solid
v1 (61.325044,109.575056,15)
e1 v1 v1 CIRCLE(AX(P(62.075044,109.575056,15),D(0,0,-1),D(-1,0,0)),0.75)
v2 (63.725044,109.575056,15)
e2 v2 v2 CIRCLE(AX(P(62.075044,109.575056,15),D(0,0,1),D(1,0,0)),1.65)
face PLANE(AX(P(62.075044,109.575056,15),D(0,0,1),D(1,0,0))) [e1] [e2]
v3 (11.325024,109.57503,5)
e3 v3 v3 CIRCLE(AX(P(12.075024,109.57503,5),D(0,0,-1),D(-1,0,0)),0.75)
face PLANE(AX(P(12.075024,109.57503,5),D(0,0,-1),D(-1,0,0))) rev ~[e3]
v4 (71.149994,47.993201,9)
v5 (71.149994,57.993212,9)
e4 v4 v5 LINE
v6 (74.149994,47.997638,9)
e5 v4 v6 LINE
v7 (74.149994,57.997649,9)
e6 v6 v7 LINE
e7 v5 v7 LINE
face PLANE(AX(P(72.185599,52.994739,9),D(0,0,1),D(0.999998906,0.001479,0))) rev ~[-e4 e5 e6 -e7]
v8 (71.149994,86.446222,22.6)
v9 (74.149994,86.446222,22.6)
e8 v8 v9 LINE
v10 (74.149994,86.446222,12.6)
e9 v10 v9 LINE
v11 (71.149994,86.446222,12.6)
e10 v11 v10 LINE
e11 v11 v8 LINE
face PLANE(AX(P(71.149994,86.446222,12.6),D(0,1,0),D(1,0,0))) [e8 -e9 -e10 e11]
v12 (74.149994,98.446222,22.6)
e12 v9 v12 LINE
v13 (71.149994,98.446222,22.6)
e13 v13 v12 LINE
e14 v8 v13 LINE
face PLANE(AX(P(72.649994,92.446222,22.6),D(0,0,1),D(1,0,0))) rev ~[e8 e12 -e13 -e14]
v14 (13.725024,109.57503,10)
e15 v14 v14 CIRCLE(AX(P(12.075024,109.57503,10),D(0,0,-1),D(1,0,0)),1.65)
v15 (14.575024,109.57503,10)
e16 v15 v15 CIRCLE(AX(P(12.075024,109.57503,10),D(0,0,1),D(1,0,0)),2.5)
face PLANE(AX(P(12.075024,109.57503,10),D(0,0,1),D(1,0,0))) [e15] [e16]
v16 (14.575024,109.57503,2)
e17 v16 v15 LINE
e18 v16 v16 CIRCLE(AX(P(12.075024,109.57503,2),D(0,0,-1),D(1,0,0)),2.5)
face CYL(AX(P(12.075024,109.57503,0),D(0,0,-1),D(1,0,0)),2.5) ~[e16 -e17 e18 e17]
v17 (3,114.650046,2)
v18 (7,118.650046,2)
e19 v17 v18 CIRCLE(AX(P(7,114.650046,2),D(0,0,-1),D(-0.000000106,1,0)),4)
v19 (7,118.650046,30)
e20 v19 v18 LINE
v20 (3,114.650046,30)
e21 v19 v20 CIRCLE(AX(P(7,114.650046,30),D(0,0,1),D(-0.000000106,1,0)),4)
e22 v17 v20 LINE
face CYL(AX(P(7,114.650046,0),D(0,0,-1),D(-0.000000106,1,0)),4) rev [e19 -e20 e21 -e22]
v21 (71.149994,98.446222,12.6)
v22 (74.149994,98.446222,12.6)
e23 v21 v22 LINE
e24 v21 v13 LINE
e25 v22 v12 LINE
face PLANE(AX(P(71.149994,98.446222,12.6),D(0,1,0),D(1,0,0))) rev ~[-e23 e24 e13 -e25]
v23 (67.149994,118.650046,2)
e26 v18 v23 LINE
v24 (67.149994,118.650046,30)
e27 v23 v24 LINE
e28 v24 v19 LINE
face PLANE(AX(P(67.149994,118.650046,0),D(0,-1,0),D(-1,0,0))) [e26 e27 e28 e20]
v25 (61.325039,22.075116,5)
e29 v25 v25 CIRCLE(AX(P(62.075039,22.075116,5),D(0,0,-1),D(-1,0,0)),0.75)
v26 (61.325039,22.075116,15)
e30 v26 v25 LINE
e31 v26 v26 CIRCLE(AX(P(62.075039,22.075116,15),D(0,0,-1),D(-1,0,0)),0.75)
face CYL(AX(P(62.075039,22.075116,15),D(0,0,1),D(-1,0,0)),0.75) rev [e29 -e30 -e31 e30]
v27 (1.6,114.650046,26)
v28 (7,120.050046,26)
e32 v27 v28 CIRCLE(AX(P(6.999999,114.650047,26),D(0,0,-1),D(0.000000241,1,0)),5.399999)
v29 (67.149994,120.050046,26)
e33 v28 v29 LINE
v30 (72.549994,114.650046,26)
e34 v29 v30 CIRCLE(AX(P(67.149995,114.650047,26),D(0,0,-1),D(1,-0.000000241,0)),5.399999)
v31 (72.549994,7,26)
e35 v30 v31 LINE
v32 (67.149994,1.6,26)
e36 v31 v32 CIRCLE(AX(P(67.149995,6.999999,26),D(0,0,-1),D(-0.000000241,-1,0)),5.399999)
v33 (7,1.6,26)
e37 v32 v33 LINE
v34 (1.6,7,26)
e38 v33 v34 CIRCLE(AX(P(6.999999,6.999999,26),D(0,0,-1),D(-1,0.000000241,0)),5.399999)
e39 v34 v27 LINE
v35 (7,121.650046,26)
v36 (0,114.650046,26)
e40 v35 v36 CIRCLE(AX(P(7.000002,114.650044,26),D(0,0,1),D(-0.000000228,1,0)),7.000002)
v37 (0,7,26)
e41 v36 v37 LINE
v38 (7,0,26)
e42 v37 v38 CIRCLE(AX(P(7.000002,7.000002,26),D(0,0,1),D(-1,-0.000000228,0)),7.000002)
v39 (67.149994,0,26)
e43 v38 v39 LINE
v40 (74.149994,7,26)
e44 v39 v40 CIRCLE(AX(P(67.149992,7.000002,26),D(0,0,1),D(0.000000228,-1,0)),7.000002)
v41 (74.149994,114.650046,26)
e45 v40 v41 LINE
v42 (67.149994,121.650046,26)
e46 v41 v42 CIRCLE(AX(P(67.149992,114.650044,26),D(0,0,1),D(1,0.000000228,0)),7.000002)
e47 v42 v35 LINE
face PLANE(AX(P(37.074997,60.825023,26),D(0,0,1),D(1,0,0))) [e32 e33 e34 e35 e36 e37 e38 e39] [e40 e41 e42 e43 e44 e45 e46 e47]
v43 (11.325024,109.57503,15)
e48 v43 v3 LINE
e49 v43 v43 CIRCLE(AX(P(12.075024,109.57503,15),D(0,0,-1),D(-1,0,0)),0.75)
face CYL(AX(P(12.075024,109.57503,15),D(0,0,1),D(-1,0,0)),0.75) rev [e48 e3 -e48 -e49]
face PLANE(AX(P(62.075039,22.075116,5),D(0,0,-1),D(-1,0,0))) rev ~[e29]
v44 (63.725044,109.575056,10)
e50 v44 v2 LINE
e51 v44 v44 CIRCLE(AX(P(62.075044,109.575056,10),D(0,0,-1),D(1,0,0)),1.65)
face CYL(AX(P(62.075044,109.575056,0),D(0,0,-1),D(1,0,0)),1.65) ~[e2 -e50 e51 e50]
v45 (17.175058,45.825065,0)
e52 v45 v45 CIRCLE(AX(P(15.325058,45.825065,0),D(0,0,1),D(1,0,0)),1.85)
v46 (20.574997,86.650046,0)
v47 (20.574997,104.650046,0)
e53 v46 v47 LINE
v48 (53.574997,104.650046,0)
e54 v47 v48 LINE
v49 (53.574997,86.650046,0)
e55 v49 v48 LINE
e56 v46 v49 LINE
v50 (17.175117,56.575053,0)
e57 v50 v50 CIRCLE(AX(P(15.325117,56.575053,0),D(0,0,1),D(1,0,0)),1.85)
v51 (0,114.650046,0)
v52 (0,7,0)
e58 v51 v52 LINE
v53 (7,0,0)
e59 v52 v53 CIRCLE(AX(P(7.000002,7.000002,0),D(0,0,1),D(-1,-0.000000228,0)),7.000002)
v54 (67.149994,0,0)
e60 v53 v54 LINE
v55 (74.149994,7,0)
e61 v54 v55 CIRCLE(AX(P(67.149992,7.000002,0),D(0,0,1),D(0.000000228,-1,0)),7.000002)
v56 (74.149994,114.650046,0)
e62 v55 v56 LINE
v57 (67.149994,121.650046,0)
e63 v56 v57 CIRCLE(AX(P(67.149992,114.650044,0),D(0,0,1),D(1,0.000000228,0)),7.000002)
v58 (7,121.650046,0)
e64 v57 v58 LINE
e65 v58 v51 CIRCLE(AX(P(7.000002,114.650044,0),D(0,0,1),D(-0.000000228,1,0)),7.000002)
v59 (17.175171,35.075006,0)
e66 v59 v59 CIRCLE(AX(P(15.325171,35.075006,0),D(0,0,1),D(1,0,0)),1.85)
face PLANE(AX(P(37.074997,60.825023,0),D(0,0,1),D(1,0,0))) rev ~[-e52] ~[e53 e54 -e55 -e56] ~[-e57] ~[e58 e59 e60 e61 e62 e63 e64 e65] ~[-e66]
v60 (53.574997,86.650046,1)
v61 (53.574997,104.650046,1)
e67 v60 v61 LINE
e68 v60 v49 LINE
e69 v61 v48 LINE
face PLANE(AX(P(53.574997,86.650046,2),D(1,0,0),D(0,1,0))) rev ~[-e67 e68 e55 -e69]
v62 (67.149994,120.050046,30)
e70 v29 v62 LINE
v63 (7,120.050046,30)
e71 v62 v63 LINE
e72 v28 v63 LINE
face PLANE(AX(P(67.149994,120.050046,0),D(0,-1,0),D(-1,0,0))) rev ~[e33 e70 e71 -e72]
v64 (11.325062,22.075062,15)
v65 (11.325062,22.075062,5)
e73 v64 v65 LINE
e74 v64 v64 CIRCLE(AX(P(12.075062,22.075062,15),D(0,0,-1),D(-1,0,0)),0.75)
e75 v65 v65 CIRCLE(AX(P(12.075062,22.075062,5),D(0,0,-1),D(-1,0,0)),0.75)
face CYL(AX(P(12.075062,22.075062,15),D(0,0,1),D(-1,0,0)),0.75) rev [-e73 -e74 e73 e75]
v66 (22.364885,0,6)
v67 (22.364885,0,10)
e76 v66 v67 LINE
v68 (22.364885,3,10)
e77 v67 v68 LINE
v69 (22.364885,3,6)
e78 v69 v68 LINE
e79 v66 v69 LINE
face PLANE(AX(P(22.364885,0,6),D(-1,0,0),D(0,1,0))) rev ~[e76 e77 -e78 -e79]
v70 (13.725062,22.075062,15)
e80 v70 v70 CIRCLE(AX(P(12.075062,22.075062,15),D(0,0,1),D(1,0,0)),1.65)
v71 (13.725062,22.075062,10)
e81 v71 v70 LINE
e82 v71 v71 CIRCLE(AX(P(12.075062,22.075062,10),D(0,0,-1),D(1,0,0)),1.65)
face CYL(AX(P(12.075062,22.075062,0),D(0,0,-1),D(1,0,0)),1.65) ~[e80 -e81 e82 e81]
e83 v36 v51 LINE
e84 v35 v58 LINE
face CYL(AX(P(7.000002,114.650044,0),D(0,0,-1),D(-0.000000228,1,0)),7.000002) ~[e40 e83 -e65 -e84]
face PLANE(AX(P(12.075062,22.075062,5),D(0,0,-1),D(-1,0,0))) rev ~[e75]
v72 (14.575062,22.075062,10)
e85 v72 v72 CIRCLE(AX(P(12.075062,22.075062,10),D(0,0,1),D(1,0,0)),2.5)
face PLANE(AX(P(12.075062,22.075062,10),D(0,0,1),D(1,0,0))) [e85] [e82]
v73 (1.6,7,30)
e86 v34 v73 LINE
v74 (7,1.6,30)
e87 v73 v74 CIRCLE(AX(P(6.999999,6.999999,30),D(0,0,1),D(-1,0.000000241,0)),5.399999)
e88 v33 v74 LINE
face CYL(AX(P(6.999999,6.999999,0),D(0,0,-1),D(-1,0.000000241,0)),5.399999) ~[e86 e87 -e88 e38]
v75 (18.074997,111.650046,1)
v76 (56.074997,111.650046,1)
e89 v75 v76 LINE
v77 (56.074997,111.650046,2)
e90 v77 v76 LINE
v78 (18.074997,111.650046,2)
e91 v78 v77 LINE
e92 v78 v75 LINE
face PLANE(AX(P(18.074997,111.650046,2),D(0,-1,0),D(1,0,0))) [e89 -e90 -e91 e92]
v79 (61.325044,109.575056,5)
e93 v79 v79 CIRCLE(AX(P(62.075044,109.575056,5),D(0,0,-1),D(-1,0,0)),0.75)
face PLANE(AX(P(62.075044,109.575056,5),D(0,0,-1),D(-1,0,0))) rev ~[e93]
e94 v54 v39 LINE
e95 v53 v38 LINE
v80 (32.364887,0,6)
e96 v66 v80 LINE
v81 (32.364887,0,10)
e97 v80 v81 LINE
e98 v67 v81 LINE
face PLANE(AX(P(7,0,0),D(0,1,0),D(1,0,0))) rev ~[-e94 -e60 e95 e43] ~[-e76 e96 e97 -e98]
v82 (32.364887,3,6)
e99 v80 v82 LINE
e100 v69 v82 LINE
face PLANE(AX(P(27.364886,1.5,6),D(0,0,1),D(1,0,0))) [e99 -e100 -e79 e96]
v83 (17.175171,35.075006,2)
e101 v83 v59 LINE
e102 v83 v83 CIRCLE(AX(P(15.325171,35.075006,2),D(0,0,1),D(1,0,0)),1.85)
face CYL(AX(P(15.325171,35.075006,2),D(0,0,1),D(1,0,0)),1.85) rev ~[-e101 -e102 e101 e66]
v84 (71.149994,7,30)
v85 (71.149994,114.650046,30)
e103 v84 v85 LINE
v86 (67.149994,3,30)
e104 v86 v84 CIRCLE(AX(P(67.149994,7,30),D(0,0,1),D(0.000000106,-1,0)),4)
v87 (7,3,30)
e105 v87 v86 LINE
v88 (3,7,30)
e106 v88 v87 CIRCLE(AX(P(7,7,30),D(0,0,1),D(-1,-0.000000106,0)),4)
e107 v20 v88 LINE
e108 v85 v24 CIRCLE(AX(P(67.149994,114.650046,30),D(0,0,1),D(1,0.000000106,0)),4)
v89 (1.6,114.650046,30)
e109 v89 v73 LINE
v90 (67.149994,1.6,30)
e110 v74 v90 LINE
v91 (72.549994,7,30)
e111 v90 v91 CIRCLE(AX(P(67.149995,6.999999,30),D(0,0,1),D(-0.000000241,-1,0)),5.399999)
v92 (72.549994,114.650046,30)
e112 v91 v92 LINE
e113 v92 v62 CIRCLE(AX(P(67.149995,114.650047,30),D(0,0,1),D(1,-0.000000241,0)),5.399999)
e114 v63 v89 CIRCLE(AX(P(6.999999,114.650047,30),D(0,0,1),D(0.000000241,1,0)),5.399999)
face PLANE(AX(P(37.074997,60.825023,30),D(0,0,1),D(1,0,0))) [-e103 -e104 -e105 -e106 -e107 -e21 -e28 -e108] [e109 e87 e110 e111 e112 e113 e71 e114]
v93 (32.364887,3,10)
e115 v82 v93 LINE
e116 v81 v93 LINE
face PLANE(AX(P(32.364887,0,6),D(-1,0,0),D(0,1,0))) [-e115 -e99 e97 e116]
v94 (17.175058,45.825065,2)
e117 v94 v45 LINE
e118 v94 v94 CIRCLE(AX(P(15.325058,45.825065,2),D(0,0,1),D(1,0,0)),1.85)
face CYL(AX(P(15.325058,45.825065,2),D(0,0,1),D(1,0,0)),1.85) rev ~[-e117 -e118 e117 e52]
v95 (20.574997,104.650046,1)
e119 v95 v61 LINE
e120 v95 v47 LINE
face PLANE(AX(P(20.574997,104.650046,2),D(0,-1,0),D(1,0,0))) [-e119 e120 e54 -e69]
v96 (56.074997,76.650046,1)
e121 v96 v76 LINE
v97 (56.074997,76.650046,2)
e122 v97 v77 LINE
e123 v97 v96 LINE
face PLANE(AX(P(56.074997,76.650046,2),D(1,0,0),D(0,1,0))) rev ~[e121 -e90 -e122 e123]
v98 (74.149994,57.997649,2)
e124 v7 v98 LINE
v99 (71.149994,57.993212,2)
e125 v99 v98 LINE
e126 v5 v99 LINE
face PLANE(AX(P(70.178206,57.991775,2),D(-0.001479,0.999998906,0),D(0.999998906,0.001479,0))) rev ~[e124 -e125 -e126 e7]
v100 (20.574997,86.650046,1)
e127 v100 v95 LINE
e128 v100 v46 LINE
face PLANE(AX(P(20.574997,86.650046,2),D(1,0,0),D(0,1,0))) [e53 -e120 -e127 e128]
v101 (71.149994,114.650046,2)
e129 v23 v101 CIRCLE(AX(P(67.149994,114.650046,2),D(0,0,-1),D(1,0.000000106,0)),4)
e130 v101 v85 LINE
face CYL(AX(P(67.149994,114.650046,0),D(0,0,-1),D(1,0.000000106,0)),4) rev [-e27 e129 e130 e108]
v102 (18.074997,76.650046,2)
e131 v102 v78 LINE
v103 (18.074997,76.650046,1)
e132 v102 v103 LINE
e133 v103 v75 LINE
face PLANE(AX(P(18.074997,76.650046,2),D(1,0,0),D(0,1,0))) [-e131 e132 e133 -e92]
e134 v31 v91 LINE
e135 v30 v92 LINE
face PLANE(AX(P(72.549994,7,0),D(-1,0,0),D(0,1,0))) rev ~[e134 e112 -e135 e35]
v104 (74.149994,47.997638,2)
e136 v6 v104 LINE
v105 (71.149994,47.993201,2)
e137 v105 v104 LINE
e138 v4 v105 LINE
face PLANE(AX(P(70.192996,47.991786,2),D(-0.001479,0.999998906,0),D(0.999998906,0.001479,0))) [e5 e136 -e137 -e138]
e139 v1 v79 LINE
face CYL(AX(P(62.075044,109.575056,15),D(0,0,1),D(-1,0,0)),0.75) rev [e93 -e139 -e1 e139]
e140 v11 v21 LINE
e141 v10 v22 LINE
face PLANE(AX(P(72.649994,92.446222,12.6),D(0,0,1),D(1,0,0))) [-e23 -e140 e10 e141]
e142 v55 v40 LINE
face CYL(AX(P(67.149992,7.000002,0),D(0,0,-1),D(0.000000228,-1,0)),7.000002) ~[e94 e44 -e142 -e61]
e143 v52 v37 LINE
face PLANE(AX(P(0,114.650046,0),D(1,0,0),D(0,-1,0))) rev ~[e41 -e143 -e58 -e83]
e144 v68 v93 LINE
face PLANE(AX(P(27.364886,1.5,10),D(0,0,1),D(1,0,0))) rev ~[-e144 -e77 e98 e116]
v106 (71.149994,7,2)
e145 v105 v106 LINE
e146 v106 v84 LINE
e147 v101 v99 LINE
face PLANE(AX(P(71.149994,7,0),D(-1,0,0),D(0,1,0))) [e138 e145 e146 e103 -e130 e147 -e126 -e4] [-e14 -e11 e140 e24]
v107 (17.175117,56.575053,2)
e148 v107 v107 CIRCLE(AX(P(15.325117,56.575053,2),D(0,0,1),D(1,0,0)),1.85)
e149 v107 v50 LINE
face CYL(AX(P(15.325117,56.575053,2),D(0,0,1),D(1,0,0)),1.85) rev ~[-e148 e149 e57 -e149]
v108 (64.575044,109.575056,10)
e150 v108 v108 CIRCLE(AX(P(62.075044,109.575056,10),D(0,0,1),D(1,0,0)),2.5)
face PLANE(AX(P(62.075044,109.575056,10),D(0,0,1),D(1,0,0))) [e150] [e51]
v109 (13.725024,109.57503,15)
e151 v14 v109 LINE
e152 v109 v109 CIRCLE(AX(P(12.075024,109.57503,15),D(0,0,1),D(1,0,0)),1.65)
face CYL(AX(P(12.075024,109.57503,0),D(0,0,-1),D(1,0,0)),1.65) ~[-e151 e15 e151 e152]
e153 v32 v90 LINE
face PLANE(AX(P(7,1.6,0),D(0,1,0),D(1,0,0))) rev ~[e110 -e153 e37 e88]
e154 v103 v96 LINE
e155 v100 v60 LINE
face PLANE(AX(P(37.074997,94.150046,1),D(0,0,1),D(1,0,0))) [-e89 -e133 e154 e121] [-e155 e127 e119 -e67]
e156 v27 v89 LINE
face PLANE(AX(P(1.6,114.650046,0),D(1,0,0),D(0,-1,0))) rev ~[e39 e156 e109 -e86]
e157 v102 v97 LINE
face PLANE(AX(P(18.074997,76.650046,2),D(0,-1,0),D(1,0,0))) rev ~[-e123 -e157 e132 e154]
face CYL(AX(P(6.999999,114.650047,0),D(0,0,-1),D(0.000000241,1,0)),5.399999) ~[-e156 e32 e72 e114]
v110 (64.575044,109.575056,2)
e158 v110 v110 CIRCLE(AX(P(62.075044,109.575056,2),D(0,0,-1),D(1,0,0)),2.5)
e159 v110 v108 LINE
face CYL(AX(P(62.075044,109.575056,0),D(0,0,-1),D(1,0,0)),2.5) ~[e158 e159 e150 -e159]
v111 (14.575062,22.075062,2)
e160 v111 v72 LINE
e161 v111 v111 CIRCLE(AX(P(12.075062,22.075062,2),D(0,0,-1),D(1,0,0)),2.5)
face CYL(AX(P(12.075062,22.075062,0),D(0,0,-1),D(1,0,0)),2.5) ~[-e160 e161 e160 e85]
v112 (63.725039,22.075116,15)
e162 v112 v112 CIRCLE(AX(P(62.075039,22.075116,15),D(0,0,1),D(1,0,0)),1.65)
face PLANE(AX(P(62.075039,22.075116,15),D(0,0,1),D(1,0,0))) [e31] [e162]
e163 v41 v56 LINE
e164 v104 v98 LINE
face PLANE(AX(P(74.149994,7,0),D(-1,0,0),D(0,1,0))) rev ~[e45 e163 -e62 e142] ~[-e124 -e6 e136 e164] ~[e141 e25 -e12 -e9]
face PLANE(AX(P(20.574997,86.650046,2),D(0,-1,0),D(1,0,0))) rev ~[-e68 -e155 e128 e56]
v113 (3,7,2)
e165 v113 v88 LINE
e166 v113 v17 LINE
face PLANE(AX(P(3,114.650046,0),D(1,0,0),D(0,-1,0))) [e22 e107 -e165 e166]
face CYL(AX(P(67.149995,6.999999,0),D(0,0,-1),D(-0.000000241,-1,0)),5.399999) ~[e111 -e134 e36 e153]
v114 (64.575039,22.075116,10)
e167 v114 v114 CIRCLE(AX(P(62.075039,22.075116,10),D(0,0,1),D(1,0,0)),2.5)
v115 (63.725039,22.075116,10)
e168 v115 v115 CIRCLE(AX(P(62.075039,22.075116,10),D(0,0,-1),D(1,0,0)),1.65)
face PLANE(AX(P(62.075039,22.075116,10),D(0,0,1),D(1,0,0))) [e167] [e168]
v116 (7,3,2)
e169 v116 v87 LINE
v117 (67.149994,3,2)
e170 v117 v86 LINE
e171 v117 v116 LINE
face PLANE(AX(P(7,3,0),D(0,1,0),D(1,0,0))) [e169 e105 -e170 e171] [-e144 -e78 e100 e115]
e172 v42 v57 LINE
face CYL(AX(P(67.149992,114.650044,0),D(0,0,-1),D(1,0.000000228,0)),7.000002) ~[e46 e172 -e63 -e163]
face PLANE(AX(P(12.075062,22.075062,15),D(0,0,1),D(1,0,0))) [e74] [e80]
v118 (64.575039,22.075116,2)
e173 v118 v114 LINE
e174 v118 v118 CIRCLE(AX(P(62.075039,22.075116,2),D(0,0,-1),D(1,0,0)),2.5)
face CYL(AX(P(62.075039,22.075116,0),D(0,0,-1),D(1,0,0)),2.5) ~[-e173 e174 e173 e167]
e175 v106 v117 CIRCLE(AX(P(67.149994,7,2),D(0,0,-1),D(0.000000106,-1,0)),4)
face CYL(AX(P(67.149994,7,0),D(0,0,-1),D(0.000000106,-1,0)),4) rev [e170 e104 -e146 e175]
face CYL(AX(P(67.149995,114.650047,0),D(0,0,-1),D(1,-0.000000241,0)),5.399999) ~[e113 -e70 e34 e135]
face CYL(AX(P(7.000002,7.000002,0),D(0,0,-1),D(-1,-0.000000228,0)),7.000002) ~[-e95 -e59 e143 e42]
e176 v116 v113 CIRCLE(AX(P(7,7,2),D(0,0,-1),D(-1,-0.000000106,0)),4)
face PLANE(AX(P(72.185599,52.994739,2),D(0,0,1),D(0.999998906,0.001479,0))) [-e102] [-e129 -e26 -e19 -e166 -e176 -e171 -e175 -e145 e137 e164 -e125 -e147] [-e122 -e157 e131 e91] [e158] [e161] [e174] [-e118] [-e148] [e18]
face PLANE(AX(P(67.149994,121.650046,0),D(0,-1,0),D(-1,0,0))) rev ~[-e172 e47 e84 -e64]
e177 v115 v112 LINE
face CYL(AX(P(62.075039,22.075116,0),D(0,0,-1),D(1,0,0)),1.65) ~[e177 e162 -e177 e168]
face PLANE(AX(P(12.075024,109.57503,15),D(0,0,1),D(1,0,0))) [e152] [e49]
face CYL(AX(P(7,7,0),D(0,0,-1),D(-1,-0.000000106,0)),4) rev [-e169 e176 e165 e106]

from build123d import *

# Parameters (mm, degrees)
PAD_DEPTH         = 2
SKETCH004_W       = 38
SKETCH004_H       = 35
POCKET_DEPTH      = 1
SKETCH003_W       = 33
SKETCH003_H       = 18
POCKET001_DEPTH   = 2
SKETCH005_R       = 1.85
POCKET002_DEPTH   = 2
SKETCH006_R       = 2.5
PAD001_DEPTH      = 10
SKETCH007_R       = 1.65
PAD002_DEPTH      = 15
PAD003_DEPTH      = 26
PAD004_DEPTH      = 30
CYLINDER_R        = 0.75
CYLINDER_DEPTH    = 10
CYLINDER001_R     = 0.75
CYLINDER001_DEPTH = 10
CYLINDER002_R     = 0.75
CYLINDER002_DEPTH = 10
CYLINDER003_R     = 0.75
CYLINDER003_DEPTH = 10
SKETCH008_W       = 3
SKETCH008_H       = 12
POCKET003_DEPTH   = 10
BOX_W             = 4
BOX_H             = 10
BOX_DEPTH         = 7
SKETCH009_W       = 10.000002
SKETCH009_H       = 3
POCKET004_DEPTH   = 4


with BuildPart() as part:
    # Sketch → Pad (new body)
    with BuildSketch(Plane.XY):
        with BuildLine():
            Line((0, 114.650046), (0, 7))
            ThreePointArc((0, 7), (2.050253, 2.050253), (7, 0))
            Line((7, 0), (67.149994, 0))
            ThreePointArc((67.149994, 0), (72.099741, 2.050253), (74.149994, 7))
            Line((74.149994, 7), (74.149994, 114.650046))
            ThreePointArc((74.149994, 114.650046), (72.099741, 119.599793), (67.149994, 121.650046))
            Line((67.149994, 121.650046), (7, 121.650046))
            ThreePointArc((7, 121.650046), (2.050253, 119.599793), (0, 114.650046))
        make_face()
    extrude(amount=PAD_DEPTH)

    # Sketch004 → Pocket (cut)
    with BuildSketch(Plane.XY.offset(2)):
        with Locations((37.074997, 94.150046)):
            Rectangle(SKETCH004_W, SKETCH004_H)
    extrude(amount=-POCKET_DEPTH, mode=Mode.SUBTRACT)

    # Sketch003 → Pocket001 (cut)
    with BuildSketch(Plane.XY.offset(2)):
        with Locations((37.074997, 95.650046)):
            Rectangle(SKETCH003_W, SKETCH003_H)
    extrude(amount=-POCKET001_DEPTH, mode=Mode.SUBTRACT)

    # Sketch005 → Pocket002 (cut)
    with BuildSketch(Plane.XY.offset(2)):
        with Locations((15.325171, 35.075006)):
            Circle(SKETCH005_R)
        with Locations((15.325058, 45.825065)):
            Circle(SKETCH005_R)
        with Locations((15.325117, 56.575053)):
            Circle(SKETCH005_R)
    extrude(amount=-POCKET002_DEPTH, mode=Mode.SUBTRACT)

    # Sketch006 → Pad001 (join)
    with BuildSketch(Plane.XY):
        with Locations((62.075039, 22.075116)):
            Circle(SKETCH006_R)
        with Locations((12.075062, 22.075062)):
            Circle(SKETCH006_R)
        with Locations((12.075024, 109.57503)):
            Circle(SKETCH006_R)
        with Locations((62.075044, 109.575056)):
            Circle(SKETCH006_R)
    extrude(amount=PAD001_DEPTH)

    # Sketch007 → Pad002 (join)
    with BuildSketch(Plane.XY):
        with Locations((62.075039, 22.075116)):
            Circle(SKETCH007_R)
        with Locations((12.075062, 22.075062)):
            Circle(SKETCH007_R)
        with Locations((62.075044, 109.575056)):
            Circle(SKETCH007_R)
        with Locations((12.075024, 109.57503)):
            Circle(SKETCH007_R)
    extrude(amount=PAD002_DEPTH)

    # Sketch001 → Pad003 (join)
    with BuildSketch(Plane.XY):
        with BuildLine():
            Line((0, 114.650046), (0, 7))
            ThreePointArc((0, 7), (2.050253, 2.050253), (7, 0))
            Line((7, 0), (67.149994, 0))
            ThreePointArc((67.149994, 0), (72.099741, 2.050253), (74.149994, 7))
            Line((74.149994, 7), (74.149994, 114.650046))
            ThreePointArc((74.149994, 114.650046), (72.099741, 119.599793), (67.149994, 121.650046))
            Line((67.149994, 121.650046), (7, 121.650046))
            ThreePointArc((7, 121.650046), (2.050253, 119.599793), (0, 114.650046))
        make_face()
        with BuildLine():
            Line((67.149994, 118.650046), (7, 118.650046))
            ThreePointArc((7, 118.650046), (4.171573, 117.478473), (3, 114.650046))
            Line((3, 114.650046), (3, 7))
            ThreePointArc((3, 7), (4.171573, 4.171573), (7, 3))
            Line((7, 3), (67.149994, 3))
            ThreePointArc((67.149994, 3), (69.978421, 4.171573), (71.149994, 7))
            Line((71.149994, 7), (71.149994, 114.650046))
            ThreePointArc((71.149994, 114.650046), (69.978421, 117.478473), (67.149994, 118.650046))
        make_face(mode=Mode.SUBTRACT)
    extrude(amount=PAD003_DEPTH)

    # Sketch002 → Pad004 (join)
    with BuildSketch(Plane.XY):
        with BuildLine():
            Line((67.149994, 120.050046), (7, 120.050046))
            ThreePointArc((7, 120.050046), (3.181623, 118.468423), (1.6, 114.650046))
            Line((1.6, 114.650046), (1.6, 7))
            ThreePointArc((1.6, 7), (3.181623, 3.181623), (7, 1.6))
            Line((7, 1.6), (67.149994, 1.6))
            ThreePointArc((67.149994, 1.6), (70.968371, 3.181623), (72.549994, 7))
            Line((72.549994, 7), (72.549994, 114.650046))
            ThreePointArc((72.549994, 114.650046), (70.968371, 118.468423), (67.149994, 120.050046))
        make_face()
        with BuildLine():
            Line((67.149994, 118.650046), (7, 118.650046))
            ThreePointArc((7, 118.650046), (4.171573, 117.478473), (3, 114.650046))
            Line((3, 114.650046), (3, 7))
            ThreePointArc((3, 7), (4.171573, 4.171573), (7, 3))
            Line((7, 3), (67.149994, 3))
            ThreePointArc((67.149994, 3), (69.978421, 4.171573), (71.149994, 7))
            Line((71.149994, 7), (71.149994, 114.650046))
            ThreePointArc((71.149994, 114.650046), (69.978421, 117.478473), (67.149994, 118.650046))
        make_face(mode=Mode.SUBTRACT)
    extrude(amount=PAD004_DEPTH)

    # Cylinder → Cylinder (cut)
    with BuildSketch(Plane(origin=(12.075062, 22.075062, 15), x_dir=(-1, 0, 0), z_dir=(0, 0, -1))):
        Circle(CYLINDER_R)
    extrude(amount=CYLINDER_DEPTH, mode=Mode.SUBTRACT)

    # Cylinder001 → Cylinder001 (cut)
    with BuildSketch(Plane(origin=(62.075039, 22.075116, 15), x_dir=(-1, 0, 0), z_dir=(0, 0, -1))):
        Circle(CYLINDER001_R)
    extrude(amount=CYLINDER001_DEPTH, mode=Mode.SUBTRACT)

    # Cylinder002 → Cylinder002 (cut)
    with BuildSketch(Plane(origin=(62.075044, 109.575056, 15), x_dir=(-1, 0, 0), z_dir=(0, 0, -1))):
        Circle(CYLINDER002_R)
    extrude(amount=CYLINDER002_DEPTH, mode=Mode.SUBTRACT)

    # Cylinder003 → Cylinder003 (cut)
    with BuildSketch(Plane(origin=(12.075024, 109.57503, 15), x_dir=(-1, 0, 0), z_dir=(0, 0, -1))):
        Circle(CYLINDER003_R)
    extrude(amount=CYLINDER003_DEPTH, mode=Mode.SUBTRACT)

    # Sketch008 → Pocket003 (cut)
    with BuildSketch(Plane.XY.offset(12.6)):
        with Locations((72.649994, 92.446222)):
            Rectangle(SKETCH008_W, SKETCH008_H)
    extrude(amount=POCKET003_DEPTH, mode=Mode.SUBTRACT)

    # Box → Box (cut)
    with BuildSketch(Plane(origin=(70.192996, 47.991786, 2), x_dir=(0.999999, 0.001479, 0), z_dir=(0, 0, 1))):
        with Locations((2, 5)):
            Rectangle(BOX_W, BOX_H)
    extrude(amount=BOX_DEPTH, mode=Mode.SUBTRACT)

    # Sketch009 → Pocket004 (cut)
    with BuildSketch(Plane.XY.offset(6)):
        with Locations((27.364886, 1.5)):
            Rectangle(SKETCH009_W, SKETCH009_H)
    extrude(amount=POCKET004_DEPTH, mode=Mode.SUBTRACT)


solid = part.part
